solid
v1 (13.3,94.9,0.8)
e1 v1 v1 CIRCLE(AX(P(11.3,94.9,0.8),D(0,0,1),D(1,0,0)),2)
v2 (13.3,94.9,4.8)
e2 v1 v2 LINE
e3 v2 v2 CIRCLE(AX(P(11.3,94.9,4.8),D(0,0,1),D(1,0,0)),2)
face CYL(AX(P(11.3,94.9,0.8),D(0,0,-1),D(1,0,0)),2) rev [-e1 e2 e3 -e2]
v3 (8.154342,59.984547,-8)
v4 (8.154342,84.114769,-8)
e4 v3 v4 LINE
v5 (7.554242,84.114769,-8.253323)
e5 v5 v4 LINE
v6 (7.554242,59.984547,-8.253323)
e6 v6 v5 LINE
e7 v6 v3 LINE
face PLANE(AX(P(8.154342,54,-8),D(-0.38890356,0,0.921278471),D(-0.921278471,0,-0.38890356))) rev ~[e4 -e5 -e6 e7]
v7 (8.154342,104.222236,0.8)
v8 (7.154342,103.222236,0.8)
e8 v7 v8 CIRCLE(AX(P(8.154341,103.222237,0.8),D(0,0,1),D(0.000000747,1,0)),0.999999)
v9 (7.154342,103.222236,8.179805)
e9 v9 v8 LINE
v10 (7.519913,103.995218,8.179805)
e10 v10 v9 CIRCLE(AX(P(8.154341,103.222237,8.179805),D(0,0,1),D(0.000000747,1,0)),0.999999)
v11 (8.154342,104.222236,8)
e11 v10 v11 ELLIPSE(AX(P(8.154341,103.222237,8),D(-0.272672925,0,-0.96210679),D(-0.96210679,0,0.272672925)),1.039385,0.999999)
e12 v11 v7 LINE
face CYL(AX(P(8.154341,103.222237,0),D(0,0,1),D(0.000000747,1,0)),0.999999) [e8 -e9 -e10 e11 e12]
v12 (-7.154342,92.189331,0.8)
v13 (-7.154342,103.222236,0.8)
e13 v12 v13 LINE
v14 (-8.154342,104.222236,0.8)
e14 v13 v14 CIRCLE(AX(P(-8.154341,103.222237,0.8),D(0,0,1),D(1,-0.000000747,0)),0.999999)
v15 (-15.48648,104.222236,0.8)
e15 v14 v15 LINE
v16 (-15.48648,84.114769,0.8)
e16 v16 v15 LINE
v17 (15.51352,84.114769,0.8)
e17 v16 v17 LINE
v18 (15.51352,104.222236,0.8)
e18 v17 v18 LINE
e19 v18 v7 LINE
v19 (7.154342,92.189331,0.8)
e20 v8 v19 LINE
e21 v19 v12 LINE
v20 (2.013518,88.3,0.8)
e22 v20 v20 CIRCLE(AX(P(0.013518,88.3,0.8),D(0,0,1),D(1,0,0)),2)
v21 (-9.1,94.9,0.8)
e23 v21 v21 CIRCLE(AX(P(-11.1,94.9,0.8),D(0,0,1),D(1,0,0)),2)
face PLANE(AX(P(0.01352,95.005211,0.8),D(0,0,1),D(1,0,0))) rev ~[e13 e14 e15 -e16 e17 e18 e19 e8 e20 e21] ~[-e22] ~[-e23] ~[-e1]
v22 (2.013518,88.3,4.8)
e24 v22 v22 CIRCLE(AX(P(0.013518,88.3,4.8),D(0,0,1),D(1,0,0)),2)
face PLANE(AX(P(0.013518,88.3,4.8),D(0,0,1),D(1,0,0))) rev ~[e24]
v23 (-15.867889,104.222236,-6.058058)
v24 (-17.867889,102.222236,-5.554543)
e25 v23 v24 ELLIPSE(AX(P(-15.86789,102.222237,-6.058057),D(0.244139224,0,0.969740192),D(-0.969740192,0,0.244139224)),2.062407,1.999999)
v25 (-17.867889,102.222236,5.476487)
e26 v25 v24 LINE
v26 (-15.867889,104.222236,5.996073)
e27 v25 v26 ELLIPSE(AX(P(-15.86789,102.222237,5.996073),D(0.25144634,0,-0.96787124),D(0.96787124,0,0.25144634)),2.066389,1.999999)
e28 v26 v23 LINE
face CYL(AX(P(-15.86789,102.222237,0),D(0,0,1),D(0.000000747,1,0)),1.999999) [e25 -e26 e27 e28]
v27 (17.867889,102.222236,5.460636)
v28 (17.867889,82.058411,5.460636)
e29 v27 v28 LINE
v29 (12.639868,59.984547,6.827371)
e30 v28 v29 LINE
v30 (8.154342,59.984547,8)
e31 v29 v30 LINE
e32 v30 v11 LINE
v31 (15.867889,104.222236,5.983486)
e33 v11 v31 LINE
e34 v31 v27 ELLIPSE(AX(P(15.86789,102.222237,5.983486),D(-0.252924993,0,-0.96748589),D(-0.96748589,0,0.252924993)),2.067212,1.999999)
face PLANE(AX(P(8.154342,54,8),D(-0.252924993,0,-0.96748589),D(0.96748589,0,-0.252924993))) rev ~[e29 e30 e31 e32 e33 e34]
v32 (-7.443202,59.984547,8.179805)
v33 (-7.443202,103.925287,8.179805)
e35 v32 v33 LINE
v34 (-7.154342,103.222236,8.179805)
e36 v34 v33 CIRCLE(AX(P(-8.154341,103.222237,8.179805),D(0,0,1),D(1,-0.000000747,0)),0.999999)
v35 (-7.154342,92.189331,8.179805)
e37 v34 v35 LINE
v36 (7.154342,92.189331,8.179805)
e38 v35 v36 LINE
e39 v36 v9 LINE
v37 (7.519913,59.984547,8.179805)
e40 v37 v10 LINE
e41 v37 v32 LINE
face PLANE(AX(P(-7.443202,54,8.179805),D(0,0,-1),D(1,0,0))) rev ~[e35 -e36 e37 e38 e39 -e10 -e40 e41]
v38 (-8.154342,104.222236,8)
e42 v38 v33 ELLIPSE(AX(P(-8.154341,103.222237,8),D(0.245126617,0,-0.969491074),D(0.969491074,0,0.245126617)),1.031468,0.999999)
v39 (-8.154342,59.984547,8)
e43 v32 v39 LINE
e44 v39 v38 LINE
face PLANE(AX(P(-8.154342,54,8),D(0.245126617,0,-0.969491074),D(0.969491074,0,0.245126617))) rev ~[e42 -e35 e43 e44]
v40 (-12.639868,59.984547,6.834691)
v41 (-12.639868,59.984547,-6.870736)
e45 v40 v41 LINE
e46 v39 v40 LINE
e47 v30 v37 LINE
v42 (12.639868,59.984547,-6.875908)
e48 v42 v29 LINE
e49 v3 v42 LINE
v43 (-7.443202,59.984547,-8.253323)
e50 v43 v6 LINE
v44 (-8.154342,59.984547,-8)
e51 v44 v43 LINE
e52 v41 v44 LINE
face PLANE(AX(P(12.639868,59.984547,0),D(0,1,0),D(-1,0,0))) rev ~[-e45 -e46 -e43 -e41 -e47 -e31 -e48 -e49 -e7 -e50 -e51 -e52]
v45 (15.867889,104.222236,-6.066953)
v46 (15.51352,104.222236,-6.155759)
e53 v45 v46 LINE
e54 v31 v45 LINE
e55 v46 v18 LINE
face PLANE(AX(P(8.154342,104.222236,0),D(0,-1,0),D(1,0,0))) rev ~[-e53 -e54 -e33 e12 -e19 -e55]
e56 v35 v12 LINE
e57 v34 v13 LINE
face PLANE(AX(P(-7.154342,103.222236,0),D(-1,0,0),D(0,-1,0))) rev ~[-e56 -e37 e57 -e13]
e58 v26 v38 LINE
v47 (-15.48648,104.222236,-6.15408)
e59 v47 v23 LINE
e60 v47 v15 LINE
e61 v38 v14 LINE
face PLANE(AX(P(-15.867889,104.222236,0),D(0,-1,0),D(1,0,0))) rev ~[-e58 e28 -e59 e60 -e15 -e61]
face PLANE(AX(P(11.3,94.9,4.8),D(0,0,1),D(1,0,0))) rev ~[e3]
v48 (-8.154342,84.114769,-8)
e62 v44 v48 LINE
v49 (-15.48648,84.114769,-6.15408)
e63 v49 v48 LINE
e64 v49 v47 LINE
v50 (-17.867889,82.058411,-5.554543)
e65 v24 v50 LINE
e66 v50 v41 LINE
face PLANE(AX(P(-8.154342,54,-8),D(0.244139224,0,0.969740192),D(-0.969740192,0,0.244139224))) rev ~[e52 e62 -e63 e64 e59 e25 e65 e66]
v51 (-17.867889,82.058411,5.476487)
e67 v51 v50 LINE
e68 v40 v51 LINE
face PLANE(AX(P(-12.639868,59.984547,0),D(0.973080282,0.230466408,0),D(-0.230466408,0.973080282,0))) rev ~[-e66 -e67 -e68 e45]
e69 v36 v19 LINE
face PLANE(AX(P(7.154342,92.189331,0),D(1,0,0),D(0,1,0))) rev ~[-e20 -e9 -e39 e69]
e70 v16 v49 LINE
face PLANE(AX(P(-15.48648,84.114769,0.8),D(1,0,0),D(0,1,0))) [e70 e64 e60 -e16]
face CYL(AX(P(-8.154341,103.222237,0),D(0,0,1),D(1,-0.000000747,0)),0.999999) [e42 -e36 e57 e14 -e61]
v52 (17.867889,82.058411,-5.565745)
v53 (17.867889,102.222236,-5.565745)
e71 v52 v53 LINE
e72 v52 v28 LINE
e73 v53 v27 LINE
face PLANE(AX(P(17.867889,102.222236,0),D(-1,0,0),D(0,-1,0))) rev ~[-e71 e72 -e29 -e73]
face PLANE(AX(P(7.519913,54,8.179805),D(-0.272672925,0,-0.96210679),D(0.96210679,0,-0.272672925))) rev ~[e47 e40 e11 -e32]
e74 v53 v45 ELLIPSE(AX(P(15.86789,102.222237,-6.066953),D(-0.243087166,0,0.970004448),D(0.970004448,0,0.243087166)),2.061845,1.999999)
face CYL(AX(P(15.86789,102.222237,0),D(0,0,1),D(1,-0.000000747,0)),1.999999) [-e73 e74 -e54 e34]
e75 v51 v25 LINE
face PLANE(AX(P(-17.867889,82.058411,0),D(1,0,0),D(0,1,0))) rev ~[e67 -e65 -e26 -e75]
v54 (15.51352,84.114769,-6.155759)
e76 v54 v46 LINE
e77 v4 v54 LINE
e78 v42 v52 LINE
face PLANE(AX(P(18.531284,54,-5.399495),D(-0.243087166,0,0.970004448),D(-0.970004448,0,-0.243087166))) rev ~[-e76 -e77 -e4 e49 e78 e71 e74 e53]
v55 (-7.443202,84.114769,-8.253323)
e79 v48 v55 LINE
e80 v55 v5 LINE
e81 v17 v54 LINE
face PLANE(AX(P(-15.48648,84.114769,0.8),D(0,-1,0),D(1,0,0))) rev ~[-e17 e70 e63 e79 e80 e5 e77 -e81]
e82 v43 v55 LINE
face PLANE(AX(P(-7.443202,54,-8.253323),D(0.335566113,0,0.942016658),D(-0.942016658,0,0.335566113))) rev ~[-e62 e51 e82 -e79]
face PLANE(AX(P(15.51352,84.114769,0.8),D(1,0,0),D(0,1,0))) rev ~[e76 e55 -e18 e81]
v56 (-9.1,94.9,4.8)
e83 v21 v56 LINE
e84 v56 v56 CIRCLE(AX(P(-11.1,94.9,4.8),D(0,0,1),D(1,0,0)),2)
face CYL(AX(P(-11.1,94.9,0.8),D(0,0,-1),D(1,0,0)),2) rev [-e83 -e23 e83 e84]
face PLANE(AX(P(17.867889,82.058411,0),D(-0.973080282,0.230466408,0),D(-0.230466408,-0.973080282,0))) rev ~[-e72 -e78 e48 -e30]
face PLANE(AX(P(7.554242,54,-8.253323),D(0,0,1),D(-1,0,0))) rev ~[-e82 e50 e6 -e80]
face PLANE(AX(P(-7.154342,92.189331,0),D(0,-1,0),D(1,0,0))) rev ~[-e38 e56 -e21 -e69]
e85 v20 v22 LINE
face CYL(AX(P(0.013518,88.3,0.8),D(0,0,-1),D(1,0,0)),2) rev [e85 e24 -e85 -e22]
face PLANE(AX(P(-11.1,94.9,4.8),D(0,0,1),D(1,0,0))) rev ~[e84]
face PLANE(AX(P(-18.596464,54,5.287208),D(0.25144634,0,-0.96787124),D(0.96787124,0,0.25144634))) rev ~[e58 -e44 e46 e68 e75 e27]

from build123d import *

# Parameters (mm, degrees)
PAD_DEPTH       = 12
POCKET_DEPTH    = 62
SKETCH019_W     = 31
SKETCH019_H     = 21.780884
POCKET002_DEPTH = 17
SKETCH020_R     = 2
POCKET003_DEPTH = 4


with BuildPart() as part:
    # Sketch010 → Pad (new body, symmetric)
    with BuildSketch(Plane.XY):
        with BuildLine():
            Line((12.639868, 59.984547), (-12.639868, 59.984547))
            Line((-12.639868, 59.984547), (-17.867889, 82.058411))
            Line((-17.867889, 82.058411), (-17.867889, 102.222236))
            ThreePointArc((-15.867889, 104.222236), (-17.282103, 103.63645), (-17.867889, 102.222236))
            Line((-15.867889, 104.222236), (-8.154342, 104.222236))
            ThreePointArc((-7.154342, 103.222236), (-7.447235, 103.929343), (-8.154342, 104.222236))
            Line((-7.154342, 103.222236), (-7.154342, 92.189331))
            Line((-7.154342, 92.189331), (7.154342, 92.189331))
            Line((7.154342, 92.189331), (7.154342, 103.222236))
            ThreePointArc((8.154342, 104.222236), (7.447235, 103.929343), (7.154342, 103.222236))
            Line((8.154342, 104.222236), (15.867889, 104.222236))
            ThreePointArc((17.867889, 102.222236), (17.282103, 103.63645), (15.867889, 104.222236))
            Line((17.867889, 102.222236), (17.867889, 82.058411))
            Line((17.867889, 82.058411), (12.639868, 59.984547))
        make_face()
    extrude(amount=PAD_DEPTH, both=True)

    # Sketch011 → Pocket (cut)
    with BuildSketch(Plane.XZ.offset(-54)):
        Polygon((0, 13.813917), (-22.117895, 13.813917), (-22.117895, -0.189388), (-22.117895, -17.743416), (0, -17.743416), (22.658901, -17.743416), (22.658901, -0.111897), (22.658901, 13.813917), align=None)
        Polygon((-18.596464, 0), (-18.596464, 5.287208), (-8.154342, 8), (-7.443202, 8.179805), (0, 8.179805), (7.519913, 8.179805), (8.154342, 8), (18.531284, 5.287208), (18.531284, -0.112287), (18.531284, -5.399495), (8.154342, -8), (7.554242, -8.253323), (0.11104, -8.253323), (-7.443202, -8.253323), (-8.154342, -8), (-18.596464, -5.371119), align=None, mode=Mode.SUBTRACT)
    extrude(amount=-POCKET_DEPTH, mode=Mode.SUBTRACT)

    # Sketch019 → Pocket002 (cut)
    with BuildSketch(Plane.XY.offset(0.8)):
        with Locations((0.01352, 95.005211)):
            Rectangle(SKETCH019_W, SKETCH019_H)
    extrude(amount=-POCKET002_DEPTH, mode=Mode.SUBTRACT)

    # Sketch020 → Pocket003 (cut)
    with BuildSketch(Plane.XY.offset(0.8)):
        with Locations((-11.1, 94.9)):
            Circle(SKETCH020_R)
        with Locations((11.3, 94.9)):
            Circle(SKETCH020_R)
        with Locations((0.013518, 88.3)):
            Circle(SKETCH020_R)
    extrude(amount=POCKET003_DEPTH, mode=Mode.SUBTRACT)


solid = part.part
